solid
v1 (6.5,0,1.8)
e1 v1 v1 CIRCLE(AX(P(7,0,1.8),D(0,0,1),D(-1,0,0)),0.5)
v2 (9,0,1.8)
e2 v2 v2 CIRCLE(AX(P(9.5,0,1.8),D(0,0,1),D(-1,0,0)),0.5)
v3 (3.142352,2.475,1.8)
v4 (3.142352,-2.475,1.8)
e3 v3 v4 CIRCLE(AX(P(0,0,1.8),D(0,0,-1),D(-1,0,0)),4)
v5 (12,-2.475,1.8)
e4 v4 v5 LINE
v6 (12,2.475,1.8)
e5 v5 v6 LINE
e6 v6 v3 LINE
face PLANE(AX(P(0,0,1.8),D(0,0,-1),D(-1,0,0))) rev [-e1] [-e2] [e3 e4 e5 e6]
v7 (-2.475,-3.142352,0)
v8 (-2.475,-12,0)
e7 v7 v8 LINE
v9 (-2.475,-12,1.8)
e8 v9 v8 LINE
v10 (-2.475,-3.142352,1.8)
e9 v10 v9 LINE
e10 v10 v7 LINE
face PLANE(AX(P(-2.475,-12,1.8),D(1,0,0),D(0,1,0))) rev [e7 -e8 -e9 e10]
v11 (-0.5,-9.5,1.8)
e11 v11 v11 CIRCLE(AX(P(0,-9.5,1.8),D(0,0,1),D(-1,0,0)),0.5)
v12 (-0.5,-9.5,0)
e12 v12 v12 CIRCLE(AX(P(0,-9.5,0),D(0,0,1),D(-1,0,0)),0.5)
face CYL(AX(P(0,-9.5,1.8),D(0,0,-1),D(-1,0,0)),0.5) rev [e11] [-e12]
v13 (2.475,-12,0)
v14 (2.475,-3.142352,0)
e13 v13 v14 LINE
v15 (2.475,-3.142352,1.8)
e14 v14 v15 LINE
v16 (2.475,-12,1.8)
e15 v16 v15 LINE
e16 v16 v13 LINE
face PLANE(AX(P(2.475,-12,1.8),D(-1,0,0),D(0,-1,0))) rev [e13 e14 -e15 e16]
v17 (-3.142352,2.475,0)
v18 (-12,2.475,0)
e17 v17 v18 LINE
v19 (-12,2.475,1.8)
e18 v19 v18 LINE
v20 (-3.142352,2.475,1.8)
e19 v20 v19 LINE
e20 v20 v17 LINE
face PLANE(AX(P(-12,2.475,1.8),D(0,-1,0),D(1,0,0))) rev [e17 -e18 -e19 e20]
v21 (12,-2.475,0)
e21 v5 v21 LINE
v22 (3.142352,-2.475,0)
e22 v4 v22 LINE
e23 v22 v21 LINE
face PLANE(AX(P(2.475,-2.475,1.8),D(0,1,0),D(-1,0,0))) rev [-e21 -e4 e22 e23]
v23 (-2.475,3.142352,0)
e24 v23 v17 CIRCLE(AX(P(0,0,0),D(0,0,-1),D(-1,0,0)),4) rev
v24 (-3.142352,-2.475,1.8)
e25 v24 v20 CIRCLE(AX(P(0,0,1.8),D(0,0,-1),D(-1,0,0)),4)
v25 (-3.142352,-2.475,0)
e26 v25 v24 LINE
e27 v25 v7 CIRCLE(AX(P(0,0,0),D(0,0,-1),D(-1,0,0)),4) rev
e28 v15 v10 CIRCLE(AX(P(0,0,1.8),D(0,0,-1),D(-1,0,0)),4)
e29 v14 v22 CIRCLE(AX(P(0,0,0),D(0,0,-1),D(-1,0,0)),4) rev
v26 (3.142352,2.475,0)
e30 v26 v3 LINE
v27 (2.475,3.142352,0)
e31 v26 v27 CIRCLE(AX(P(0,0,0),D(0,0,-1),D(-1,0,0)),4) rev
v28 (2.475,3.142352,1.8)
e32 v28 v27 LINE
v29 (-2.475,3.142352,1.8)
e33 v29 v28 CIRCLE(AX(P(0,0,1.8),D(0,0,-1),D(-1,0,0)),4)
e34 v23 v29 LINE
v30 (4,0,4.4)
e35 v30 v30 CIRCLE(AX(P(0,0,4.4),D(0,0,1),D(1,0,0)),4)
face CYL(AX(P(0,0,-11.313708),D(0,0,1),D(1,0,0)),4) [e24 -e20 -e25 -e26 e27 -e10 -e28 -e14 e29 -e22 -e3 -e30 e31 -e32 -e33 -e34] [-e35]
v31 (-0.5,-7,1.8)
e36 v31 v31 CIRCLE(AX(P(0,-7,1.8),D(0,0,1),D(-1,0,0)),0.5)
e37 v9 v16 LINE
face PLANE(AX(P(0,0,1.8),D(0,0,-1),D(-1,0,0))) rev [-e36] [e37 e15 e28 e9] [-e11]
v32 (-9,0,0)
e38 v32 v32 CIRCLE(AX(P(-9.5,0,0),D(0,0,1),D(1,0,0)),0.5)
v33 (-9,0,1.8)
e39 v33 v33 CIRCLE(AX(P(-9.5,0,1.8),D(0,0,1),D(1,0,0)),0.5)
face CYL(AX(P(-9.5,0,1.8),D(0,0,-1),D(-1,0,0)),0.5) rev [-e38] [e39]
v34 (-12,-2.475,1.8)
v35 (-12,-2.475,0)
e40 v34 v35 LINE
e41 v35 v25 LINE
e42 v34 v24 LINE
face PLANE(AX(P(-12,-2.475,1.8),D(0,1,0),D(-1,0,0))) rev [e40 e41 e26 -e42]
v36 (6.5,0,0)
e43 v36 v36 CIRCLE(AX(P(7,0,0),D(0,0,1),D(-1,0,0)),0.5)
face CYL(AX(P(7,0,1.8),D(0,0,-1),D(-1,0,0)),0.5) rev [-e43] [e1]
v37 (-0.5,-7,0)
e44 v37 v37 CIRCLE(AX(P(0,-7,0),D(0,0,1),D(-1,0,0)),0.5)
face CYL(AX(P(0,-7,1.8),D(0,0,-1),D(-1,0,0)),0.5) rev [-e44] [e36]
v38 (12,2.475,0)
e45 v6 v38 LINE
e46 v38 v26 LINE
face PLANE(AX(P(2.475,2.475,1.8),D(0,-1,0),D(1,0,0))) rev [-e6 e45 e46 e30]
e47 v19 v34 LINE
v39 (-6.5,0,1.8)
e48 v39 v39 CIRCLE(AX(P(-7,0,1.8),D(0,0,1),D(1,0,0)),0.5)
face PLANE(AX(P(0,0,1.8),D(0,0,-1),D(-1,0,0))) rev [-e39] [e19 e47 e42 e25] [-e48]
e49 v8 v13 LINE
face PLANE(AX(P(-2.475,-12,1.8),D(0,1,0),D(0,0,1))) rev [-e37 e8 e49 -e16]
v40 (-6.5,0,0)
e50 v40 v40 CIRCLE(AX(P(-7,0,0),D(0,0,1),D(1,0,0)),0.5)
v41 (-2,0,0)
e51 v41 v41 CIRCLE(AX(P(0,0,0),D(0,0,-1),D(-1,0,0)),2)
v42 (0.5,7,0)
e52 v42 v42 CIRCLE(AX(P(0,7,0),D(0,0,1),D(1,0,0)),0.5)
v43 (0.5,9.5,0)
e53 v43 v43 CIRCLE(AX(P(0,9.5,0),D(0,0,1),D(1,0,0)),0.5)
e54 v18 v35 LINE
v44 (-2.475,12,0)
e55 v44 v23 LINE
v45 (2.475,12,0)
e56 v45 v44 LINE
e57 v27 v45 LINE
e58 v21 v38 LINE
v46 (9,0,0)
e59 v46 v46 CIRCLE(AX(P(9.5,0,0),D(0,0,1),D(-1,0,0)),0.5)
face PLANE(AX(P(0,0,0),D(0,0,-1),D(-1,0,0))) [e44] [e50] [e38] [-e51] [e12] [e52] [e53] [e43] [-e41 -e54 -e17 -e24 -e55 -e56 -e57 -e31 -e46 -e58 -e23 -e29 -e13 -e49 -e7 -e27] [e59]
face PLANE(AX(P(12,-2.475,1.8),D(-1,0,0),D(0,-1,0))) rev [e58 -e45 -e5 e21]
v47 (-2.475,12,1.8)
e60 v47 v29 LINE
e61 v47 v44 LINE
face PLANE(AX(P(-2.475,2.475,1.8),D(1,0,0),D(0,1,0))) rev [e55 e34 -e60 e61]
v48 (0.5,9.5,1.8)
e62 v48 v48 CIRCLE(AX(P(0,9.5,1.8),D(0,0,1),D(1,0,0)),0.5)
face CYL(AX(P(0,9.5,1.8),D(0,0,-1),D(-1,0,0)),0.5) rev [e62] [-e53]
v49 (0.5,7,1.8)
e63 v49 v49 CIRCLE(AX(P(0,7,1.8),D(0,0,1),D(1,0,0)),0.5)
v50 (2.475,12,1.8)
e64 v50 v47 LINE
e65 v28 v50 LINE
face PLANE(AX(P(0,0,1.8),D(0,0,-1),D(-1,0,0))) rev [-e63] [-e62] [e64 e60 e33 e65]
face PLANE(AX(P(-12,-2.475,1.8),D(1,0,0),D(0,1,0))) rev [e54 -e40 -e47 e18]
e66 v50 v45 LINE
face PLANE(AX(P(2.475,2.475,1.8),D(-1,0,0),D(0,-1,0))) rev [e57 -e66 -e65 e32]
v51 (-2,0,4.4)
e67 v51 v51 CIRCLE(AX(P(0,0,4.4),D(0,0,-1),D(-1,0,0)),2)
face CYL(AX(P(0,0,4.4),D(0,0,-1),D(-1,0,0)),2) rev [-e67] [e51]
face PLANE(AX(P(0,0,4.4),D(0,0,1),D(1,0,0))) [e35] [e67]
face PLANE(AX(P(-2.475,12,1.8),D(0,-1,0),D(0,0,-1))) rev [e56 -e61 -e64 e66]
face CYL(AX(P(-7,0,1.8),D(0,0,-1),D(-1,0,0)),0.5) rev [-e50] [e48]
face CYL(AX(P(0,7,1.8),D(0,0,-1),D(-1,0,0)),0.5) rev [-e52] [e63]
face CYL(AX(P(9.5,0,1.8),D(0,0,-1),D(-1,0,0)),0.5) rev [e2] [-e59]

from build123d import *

# Parameters (mm, degrees)
SKETCH1_R                       = 0.5
BOSS_EXTRUDE1_DEPTH             = 1.8
SKETCH2_R                       = 4
BOSS_EXTRUDE2_DEPTH             = 2.6
BOSS_EXTRUDE2_DIRECTION_2_REACH = 19.066
SKETCH3_R                       = 2
CUT_EXTRUDE1_DEPTH              = 18.531685601


with BuildPart() as part:
    # Sketch1 → Boss-Extrude1 (new body)
    with BuildSketch(Plane.XY):
        Polygon((-2.475, -12), (2.475, -12), (2.475, -2.475), (12, -2.475), (12, 2.475), (2.475, 2.475), (2.475, 12), (-2.475, 12), (-2.475, 2.475), (-12, 2.475), (-12, -2.475), (-2.475, -2.475), align=None)
        with Locations((0, 9.5)):
            Circle(SKETCH1_R, mode=Mode.SUBTRACT)
        with Locations((0, 7)):
            Circle(SKETCH1_R, mode=Mode.SUBTRACT)
        with Locations(Location((0, -9.5, 0), (0, 0, 180))):
            Circle(SKETCH1_R, mode=Mode.SUBTRACT)
        with Locations(Location((0, -7, 0), (0, 0, 180))):
            Circle(SKETCH1_R, mode=Mode.SUBTRACT)
        with Locations((-9.5, 0)):
            Circle(SKETCH1_R, mode=Mode.SUBTRACT)
        with Locations((-7, 0)):
            Circle(SKETCH1_R, mode=Mode.SUBTRACT)
        with Locations(Location((9.5, 0, 0), (0, 0, 180))):
            Circle(SKETCH1_R, mode=Mode.SUBTRACT)
        with Locations(Location((7, 0, 0), (0, 0, 180))):
            Circle(SKETCH1_R, mode=Mode.SUBTRACT)
    extrude(amount=BOSS_EXTRUDE1_DEPTH)

    # Sketch2 → Boss-Extrude2 (add)
    with BuildSketch(Plane.XY.offset(1.8)):
        Circle(SKETCH2_R)
    extrude(amount=BOSS_EXTRUDE2_DEPTH)

    # Boss-Extrude2 direction 2: up to this face of the body (flat: up to its plane)
    boss_extrude2_direction_2_end = Plane(part.part.faces().sort_by_distance((0, 0, 0))[0])
    # Sketch2 → Boss-Extrude2 direction 2 (add, up to the picked face)
    with BuildSketch(Plane.XY.offset(1.8), mode=Mode.PRIVATE) as boss_extrude2_direction_2_sk1:
        Circle(SKETCH2_R)
    boss_extrude2_direction_2_tool1 = split(extrude(boss_extrude2_direction_2_sk1.sketch, amount=-BOSS_EXTRUDE2_DIRECTION_2_REACH, mode=Mode.PRIVATE), bisect_by=boss_extrude2_direction_2_end, keep=Keep.BOTH, mode=Mode.PRIVATE)
    add(boss_extrude2_direction_2_tool1.solids().sort_by(Axis((0, 0, 1.8), (0, 0, -1)))[0])

    # Sketch3 → Cut-Extrude1 (cut, through all)
    with BuildSketch(Plane(origin=(0, 0, 0), x_dir=(-1, 0, 0), z_dir=(0, 0, -1))):
        Circle(SKETCH3_R)
    extrude(amount=-CUT_EXTRUDE1_DEPTH, mode=Mode.SUBTRACT)


solid = part.part
